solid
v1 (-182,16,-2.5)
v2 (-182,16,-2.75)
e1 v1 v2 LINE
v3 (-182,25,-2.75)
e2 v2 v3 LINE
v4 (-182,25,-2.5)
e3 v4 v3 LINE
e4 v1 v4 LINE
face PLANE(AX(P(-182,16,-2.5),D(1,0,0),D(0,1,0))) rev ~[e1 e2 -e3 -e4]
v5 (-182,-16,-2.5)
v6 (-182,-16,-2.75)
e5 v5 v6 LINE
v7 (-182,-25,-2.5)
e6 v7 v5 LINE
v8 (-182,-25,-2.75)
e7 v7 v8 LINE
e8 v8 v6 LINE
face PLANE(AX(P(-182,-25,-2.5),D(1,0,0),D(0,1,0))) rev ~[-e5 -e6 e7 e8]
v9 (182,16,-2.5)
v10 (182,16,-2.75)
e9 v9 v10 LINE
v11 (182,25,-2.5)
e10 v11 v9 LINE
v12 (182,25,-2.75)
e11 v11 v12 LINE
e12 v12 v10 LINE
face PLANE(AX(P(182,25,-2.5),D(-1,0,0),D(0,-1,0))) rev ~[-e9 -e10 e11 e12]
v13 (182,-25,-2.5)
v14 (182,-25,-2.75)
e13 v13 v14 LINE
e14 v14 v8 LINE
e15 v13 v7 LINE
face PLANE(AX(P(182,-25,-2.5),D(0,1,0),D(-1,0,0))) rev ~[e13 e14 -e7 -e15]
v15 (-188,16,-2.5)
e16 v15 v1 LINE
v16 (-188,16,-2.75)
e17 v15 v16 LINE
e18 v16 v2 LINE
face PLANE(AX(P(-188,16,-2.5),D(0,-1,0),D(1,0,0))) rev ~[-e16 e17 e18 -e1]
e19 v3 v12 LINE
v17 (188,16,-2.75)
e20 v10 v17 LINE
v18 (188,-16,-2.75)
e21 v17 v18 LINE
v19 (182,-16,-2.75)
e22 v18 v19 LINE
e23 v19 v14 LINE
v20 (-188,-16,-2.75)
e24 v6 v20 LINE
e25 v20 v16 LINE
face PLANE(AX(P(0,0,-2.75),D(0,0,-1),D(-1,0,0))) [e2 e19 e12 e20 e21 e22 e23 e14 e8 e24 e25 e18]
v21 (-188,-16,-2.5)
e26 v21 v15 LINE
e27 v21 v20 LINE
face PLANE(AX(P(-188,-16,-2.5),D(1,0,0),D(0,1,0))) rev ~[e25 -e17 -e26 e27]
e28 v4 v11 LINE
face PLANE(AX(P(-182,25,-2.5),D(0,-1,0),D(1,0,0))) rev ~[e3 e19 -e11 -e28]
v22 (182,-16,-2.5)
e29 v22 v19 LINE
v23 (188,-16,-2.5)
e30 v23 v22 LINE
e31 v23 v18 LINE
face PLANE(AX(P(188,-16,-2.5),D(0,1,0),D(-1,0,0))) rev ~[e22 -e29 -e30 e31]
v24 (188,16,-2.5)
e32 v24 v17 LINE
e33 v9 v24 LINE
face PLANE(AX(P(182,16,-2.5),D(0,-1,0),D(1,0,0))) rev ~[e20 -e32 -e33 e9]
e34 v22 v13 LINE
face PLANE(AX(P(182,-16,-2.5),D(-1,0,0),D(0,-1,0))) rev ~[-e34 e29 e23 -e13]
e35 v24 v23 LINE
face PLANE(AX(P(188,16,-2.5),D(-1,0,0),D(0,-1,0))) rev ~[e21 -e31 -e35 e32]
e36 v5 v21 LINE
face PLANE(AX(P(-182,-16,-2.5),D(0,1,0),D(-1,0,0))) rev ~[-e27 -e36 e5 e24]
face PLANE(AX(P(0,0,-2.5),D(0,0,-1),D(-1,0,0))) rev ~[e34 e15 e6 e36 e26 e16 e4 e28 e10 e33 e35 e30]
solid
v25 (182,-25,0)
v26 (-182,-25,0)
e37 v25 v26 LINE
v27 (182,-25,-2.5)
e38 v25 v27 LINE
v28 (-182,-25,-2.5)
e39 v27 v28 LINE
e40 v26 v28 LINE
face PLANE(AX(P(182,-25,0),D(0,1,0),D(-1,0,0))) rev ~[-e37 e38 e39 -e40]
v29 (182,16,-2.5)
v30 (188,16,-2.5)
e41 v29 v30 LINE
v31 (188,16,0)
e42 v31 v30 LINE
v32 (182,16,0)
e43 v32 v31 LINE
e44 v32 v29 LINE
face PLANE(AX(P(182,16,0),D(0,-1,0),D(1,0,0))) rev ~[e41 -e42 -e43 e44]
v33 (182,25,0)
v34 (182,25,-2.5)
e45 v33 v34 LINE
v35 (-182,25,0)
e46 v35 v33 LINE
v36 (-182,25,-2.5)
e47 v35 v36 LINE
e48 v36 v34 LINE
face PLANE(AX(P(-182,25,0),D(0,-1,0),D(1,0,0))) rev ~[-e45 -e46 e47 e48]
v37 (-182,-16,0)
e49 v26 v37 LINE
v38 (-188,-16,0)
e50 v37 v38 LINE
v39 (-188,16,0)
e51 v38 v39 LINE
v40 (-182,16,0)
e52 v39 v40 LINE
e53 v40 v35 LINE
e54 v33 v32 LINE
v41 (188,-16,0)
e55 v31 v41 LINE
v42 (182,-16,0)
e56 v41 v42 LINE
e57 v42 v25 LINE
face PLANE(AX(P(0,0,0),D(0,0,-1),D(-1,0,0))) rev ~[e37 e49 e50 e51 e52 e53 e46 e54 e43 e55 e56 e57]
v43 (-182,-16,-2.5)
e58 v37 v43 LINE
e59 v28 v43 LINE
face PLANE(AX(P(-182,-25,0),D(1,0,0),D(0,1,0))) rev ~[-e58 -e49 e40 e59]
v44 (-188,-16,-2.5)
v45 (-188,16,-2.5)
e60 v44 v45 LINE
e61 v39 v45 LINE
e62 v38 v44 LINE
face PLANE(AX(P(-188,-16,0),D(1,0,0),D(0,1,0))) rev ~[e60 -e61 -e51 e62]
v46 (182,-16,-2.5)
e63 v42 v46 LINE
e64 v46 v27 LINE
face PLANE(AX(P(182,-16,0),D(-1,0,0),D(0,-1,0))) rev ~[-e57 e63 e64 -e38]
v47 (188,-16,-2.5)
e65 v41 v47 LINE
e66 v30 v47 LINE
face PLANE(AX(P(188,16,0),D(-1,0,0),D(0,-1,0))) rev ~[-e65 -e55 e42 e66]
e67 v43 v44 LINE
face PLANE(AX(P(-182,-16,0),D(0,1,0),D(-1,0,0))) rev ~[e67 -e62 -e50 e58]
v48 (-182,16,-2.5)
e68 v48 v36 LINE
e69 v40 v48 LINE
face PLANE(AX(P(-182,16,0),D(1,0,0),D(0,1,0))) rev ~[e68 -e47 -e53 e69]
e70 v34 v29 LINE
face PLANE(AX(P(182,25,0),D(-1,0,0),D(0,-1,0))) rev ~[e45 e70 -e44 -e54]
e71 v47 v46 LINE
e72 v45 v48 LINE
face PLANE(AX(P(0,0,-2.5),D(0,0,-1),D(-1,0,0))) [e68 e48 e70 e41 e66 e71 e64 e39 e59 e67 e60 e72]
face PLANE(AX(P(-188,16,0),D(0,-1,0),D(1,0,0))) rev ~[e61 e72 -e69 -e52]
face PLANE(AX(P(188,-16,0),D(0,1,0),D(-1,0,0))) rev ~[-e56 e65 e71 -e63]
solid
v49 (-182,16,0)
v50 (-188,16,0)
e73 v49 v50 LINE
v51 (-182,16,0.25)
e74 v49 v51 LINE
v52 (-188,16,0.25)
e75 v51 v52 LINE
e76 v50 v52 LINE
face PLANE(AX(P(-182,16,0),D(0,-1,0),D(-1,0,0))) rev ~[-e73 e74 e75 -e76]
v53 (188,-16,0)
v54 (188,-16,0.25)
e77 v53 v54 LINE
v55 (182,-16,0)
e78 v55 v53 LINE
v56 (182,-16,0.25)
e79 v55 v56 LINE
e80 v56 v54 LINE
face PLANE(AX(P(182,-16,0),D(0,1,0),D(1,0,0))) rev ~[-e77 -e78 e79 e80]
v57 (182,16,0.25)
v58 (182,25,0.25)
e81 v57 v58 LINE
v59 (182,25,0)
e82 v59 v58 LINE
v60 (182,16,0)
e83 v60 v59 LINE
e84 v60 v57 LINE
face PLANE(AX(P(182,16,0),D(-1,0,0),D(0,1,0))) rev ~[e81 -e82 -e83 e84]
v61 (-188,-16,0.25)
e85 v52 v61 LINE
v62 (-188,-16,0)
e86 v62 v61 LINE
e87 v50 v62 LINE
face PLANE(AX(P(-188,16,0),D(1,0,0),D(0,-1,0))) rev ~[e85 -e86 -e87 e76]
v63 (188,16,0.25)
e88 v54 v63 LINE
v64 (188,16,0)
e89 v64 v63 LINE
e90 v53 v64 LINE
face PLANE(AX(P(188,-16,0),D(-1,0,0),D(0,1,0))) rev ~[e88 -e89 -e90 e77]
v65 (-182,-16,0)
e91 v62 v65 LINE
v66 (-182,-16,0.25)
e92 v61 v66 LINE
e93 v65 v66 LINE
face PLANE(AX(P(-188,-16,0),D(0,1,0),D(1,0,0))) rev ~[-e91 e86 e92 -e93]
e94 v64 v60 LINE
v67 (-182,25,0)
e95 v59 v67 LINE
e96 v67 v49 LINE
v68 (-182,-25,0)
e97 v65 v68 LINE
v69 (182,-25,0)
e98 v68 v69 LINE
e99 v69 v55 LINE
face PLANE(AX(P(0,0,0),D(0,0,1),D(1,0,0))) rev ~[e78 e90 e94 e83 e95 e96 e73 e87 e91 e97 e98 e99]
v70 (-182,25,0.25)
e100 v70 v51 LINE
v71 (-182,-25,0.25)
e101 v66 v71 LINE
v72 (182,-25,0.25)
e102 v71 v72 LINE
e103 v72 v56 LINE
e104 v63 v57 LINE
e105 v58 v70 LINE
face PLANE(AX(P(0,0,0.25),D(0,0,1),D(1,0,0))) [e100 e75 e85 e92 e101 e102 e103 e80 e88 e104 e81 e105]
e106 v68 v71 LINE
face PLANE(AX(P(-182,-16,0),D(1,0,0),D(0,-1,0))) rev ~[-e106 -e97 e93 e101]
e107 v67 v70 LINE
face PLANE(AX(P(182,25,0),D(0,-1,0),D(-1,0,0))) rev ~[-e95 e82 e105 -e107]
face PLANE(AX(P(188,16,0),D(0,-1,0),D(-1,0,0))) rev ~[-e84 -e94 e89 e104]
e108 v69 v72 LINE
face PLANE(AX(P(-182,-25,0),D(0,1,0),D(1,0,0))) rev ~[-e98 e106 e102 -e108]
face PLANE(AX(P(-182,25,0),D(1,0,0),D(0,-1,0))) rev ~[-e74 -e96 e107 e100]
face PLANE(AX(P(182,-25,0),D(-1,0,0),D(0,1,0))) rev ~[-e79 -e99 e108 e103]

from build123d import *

# Parameters (mm, degrees)
BOSS_EXTRUDE1_DEPTH = 0.25
BOSS_EXTRUDE2_DEPTH = 2.5
BOSS_EXTRUDE3_DEPTH = 0.25


with BuildPart() as part:
    # Sketch1 → Boss-Extrude1 (new body)
    with BuildSketch(Plane.XY):
        Polygon((-182, 25), (-182, 16), (-188, 16), (-188, -16), (-182, -16), (-182, -25), (182, -25), (182, -16), (188, -16), (188, 16), (182, 16), (182, 25), align=None)
    extrude(amount=BOSS_EXTRUDE1_DEPTH)


with BuildPart() as body_2:
    # Sketch2 → Boss-Extrude2 (new body)
    with BuildSketch(Plane(origin=(0, 0, 0), x_dir=(-1, 0, 0), z_dir=(0, 0, -1))):
        Polygon((182, 16), (182, 25), (-182, 25), (-182, 16), (-188, 16), (-188, -16), (-182, -16), (-182, -25), (182, -25), (182, -16), (188, -16), (188, 16), align=None)
    extrude(amount=BOSS_EXTRUDE2_DEPTH)


with BuildPart() as body_3:
    # Sketch3 → Boss-Extrude3 (new body)
    with BuildSketch(Plane(origin=(0, 0, -2.5), x_dir=(-1, 0, 0), z_dir=(0, 0, -1))):
        Polygon((182, 16), (182, 25), (-182, 25), (-182, 16), (-188, 16), (-188, -16), (-182, -16), (-182, -25), (182, -25), (182, -16), (188, -16), (188, 16), align=None)
    extrude(amount=BOSS_EXTRUDE3_DEPTH)


solid = Compound([part.part, body_2.part, body_3.part])
